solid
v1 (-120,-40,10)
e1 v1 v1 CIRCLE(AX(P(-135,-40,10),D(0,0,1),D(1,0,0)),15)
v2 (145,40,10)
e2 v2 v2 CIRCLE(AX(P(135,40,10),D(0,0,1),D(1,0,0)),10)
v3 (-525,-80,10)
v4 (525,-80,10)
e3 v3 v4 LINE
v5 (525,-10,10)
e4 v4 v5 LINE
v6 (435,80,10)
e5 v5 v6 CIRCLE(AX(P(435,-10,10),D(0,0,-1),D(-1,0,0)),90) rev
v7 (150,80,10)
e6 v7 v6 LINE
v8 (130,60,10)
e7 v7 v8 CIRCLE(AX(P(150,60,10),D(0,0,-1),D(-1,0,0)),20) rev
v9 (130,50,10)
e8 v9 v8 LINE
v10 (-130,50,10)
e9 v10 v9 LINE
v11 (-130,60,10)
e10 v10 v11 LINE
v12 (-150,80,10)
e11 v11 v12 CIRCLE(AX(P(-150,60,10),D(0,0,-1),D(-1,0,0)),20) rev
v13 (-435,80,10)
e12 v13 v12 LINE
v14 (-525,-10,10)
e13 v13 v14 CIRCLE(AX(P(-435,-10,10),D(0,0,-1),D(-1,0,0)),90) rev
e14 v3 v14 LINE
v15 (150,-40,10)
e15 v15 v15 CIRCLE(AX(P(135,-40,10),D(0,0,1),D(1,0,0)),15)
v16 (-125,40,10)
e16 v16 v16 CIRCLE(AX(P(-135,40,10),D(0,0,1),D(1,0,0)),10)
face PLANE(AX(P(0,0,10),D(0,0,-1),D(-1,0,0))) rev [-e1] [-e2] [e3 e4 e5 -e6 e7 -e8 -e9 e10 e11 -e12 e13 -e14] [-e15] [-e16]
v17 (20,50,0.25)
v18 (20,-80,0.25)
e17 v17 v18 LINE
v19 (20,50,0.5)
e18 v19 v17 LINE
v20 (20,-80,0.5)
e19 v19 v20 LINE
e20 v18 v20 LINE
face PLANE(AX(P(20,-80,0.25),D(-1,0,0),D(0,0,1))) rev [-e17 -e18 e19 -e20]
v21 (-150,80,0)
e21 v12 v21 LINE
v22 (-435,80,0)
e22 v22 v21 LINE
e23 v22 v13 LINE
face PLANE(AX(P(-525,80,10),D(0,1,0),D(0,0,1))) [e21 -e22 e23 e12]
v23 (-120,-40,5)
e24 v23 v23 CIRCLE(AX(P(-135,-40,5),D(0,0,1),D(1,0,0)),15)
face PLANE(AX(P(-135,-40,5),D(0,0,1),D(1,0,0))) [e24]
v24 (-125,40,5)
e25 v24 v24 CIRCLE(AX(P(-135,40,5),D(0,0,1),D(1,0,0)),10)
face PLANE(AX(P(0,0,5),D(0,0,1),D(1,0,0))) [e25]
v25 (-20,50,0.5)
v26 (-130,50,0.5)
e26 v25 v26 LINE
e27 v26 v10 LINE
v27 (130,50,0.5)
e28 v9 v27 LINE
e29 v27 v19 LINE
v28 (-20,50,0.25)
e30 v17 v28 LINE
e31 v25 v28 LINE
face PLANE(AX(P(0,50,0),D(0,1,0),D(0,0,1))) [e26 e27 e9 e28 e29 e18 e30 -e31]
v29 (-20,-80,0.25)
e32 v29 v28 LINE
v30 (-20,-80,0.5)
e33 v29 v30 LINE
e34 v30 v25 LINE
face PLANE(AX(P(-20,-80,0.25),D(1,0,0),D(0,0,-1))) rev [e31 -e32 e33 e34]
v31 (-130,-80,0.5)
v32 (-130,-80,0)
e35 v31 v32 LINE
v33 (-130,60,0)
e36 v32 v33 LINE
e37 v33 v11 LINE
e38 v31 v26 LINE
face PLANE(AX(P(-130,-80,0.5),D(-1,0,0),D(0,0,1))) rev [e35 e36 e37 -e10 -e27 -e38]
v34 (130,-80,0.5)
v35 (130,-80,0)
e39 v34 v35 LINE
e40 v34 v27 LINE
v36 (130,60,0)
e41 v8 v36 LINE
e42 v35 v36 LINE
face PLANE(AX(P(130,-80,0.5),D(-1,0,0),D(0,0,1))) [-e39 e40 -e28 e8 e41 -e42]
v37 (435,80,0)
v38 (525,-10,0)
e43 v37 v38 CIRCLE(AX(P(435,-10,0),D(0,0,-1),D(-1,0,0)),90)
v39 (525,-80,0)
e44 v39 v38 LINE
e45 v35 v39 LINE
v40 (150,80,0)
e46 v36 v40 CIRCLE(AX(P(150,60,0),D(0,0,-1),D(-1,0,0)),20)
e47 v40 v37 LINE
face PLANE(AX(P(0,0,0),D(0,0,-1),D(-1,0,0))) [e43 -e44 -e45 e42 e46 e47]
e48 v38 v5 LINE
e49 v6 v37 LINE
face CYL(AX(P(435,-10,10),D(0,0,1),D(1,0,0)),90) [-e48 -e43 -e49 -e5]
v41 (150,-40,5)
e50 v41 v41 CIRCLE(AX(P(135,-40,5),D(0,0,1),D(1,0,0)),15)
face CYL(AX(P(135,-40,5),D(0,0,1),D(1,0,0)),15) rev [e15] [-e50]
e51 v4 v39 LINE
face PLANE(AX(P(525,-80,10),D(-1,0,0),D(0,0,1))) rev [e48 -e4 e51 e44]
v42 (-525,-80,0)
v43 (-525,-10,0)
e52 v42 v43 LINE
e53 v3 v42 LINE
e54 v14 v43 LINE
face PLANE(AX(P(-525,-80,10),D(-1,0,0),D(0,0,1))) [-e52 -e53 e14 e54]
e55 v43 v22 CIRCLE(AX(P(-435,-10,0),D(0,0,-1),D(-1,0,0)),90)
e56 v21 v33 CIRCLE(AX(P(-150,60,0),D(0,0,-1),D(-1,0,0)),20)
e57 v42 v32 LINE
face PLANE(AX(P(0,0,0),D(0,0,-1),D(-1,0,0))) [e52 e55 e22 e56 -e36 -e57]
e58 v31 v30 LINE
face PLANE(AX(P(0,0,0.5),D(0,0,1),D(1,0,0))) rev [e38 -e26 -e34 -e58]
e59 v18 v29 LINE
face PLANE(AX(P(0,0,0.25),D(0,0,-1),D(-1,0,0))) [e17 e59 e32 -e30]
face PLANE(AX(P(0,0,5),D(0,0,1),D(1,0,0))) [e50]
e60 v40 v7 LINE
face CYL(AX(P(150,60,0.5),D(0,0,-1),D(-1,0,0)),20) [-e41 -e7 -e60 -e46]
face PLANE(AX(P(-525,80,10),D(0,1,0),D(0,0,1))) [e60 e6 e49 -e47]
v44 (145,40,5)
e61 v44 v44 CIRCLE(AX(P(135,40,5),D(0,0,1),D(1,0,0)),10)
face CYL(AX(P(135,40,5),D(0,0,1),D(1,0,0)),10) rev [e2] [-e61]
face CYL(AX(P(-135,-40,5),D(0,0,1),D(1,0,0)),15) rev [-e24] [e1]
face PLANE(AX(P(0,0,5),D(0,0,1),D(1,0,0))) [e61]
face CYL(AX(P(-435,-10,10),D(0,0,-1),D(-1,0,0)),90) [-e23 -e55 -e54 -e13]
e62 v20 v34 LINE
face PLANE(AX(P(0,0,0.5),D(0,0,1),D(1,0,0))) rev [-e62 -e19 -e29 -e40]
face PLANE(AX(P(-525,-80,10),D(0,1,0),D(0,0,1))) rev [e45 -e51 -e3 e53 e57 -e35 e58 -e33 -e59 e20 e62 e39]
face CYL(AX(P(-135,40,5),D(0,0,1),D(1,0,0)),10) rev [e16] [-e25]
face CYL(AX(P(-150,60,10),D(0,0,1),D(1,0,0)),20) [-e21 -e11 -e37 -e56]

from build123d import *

# Parameters (mm, degrees)
SKETCH1_W           = 1050
SKETCH1_H           = 160
BOSS_EXTRUDE1_DEPTH = 10
SKETCH2_R           = 10
SKETCH2_R_2         = 15
CUT_EXTRUDE3_DEPTH  = 5
FILLET1_R           = 90
FILLET2_R           = 90
SKETCH3_W           = 260
SKETCH3_H           = 160
CUT_EXTRUDE4_DEPTH  = 0.5
SKETCH4_W           = 40
SKETCH4_H           = 160
BOSS_EXTRUDE2_DEPTH = 0.25
SKETCH5_W           = 260
SKETCH5_H           = 9.5
CUT_EXTRUDE5_DEPTH  = 30
SKETCH6_W           = 40
SKETCH6_H           = 30
CUT_EXTRUDE7_DEPTH  = 30
FILLET3_R           = 20
FILLET4_R           = 20


with BuildPart() as part:
    # Sketch1 → Boss-Extrude1 (new body)
    with BuildSketch(Plane.XY):
        Rectangle(SKETCH1_W, SKETCH1_H)
    extrude(amount=BOSS_EXTRUDE1_DEPTH)

    # Sketch2 → Cut-Extrude3 (cut)
    with BuildSketch(Plane.XY.offset(10)):
        with Locations((-135, 40)):
            Circle(SKETCH2_R)
        with Locations((135, 40)):
            Circle(SKETCH2_R)
        with Locations((135, -40)):
            Circle(SKETCH2_R_2)
        with Locations((-135, -40)):
            Circle(SKETCH2_R_2)
    extrude(amount=-CUT_EXTRUDE3_DEPTH, mode=Mode.SUBTRACT)

    # Fillet1
    fillet1_edges = [part.edges().sort_by_distance(p)[0] for p in [
        (525, 80, 5),
    ]]
    fillet(fillet1_edges, radius=FILLET1_R)

    # Fillet2
    fillet2_edges = [part.edges().sort_by_distance(p)[0] for p in [
        (-525, 80, 5),
    ]]
    fillet(fillet2_edges, radius=FILLET2_R)

    # Sketch3 → Cut-Extrude4 (cut)
    with BuildSketch(Plane(origin=(0, 0, 0), x_dir=(-1, 0, 0), z_dir=(0, 0, -1))):
        Rectangle(SKETCH3_W, SKETCH3_H)
    extrude(amount=-CUT_EXTRUDE4_DEPTH, mode=Mode.SUBTRACT)

    # Sketch4 → Boss-Extrude2 (add)
    with BuildSketch(Plane(origin=(0, 0, 0.5), x_dir=(-1, 0, 0), z_dir=(0, 0, -1))):
        Rectangle(SKETCH4_W, SKETCH4_H)
    extrude(amount=BOSS_EXTRUDE2_DEPTH)

    # Sketch5 → Cut-Extrude5 (cut)
    with BuildSketch(Plane(origin=(0, 80, 0), x_dir=(1, 0, 0), z_dir=(0, 1, 0))):
        with Locations((0, -5.25)):
            Rectangle(SKETCH5_W, SKETCH5_H)
    extrude(amount=-CUT_EXTRUDE5_DEPTH, mode=Mode.SUBTRACT)

    # Sketch6 → Cut-Extrude7 (cut)
    with BuildSketch(Plane(origin=(0, 0, 0.25), x_dir=(-1, 0, 0), z_dir=(0, 0, -1))):
        with Locations((0, 65)):
            Rectangle(SKETCH6_W, SKETCH6_H)
    extrude(amount=-CUT_EXTRUDE7_DEPTH, mode=Mode.SUBTRACT)

    # Fillet3
    fillet3_edges = [part.edges().sort_by_distance(p)[0] for p in [
        (130, 80, 5),
    ]]
    fillet(fillet3_edges, radius=FILLET3_R)

    # Fillet4
    fillet4_edges = [part.edges().sort_by_distance(p)[0] for p in [
        (-130, 80, 5),
    ]]
    fillet(fillet4_edges, radius=FILLET4_R)


solid = part.part
